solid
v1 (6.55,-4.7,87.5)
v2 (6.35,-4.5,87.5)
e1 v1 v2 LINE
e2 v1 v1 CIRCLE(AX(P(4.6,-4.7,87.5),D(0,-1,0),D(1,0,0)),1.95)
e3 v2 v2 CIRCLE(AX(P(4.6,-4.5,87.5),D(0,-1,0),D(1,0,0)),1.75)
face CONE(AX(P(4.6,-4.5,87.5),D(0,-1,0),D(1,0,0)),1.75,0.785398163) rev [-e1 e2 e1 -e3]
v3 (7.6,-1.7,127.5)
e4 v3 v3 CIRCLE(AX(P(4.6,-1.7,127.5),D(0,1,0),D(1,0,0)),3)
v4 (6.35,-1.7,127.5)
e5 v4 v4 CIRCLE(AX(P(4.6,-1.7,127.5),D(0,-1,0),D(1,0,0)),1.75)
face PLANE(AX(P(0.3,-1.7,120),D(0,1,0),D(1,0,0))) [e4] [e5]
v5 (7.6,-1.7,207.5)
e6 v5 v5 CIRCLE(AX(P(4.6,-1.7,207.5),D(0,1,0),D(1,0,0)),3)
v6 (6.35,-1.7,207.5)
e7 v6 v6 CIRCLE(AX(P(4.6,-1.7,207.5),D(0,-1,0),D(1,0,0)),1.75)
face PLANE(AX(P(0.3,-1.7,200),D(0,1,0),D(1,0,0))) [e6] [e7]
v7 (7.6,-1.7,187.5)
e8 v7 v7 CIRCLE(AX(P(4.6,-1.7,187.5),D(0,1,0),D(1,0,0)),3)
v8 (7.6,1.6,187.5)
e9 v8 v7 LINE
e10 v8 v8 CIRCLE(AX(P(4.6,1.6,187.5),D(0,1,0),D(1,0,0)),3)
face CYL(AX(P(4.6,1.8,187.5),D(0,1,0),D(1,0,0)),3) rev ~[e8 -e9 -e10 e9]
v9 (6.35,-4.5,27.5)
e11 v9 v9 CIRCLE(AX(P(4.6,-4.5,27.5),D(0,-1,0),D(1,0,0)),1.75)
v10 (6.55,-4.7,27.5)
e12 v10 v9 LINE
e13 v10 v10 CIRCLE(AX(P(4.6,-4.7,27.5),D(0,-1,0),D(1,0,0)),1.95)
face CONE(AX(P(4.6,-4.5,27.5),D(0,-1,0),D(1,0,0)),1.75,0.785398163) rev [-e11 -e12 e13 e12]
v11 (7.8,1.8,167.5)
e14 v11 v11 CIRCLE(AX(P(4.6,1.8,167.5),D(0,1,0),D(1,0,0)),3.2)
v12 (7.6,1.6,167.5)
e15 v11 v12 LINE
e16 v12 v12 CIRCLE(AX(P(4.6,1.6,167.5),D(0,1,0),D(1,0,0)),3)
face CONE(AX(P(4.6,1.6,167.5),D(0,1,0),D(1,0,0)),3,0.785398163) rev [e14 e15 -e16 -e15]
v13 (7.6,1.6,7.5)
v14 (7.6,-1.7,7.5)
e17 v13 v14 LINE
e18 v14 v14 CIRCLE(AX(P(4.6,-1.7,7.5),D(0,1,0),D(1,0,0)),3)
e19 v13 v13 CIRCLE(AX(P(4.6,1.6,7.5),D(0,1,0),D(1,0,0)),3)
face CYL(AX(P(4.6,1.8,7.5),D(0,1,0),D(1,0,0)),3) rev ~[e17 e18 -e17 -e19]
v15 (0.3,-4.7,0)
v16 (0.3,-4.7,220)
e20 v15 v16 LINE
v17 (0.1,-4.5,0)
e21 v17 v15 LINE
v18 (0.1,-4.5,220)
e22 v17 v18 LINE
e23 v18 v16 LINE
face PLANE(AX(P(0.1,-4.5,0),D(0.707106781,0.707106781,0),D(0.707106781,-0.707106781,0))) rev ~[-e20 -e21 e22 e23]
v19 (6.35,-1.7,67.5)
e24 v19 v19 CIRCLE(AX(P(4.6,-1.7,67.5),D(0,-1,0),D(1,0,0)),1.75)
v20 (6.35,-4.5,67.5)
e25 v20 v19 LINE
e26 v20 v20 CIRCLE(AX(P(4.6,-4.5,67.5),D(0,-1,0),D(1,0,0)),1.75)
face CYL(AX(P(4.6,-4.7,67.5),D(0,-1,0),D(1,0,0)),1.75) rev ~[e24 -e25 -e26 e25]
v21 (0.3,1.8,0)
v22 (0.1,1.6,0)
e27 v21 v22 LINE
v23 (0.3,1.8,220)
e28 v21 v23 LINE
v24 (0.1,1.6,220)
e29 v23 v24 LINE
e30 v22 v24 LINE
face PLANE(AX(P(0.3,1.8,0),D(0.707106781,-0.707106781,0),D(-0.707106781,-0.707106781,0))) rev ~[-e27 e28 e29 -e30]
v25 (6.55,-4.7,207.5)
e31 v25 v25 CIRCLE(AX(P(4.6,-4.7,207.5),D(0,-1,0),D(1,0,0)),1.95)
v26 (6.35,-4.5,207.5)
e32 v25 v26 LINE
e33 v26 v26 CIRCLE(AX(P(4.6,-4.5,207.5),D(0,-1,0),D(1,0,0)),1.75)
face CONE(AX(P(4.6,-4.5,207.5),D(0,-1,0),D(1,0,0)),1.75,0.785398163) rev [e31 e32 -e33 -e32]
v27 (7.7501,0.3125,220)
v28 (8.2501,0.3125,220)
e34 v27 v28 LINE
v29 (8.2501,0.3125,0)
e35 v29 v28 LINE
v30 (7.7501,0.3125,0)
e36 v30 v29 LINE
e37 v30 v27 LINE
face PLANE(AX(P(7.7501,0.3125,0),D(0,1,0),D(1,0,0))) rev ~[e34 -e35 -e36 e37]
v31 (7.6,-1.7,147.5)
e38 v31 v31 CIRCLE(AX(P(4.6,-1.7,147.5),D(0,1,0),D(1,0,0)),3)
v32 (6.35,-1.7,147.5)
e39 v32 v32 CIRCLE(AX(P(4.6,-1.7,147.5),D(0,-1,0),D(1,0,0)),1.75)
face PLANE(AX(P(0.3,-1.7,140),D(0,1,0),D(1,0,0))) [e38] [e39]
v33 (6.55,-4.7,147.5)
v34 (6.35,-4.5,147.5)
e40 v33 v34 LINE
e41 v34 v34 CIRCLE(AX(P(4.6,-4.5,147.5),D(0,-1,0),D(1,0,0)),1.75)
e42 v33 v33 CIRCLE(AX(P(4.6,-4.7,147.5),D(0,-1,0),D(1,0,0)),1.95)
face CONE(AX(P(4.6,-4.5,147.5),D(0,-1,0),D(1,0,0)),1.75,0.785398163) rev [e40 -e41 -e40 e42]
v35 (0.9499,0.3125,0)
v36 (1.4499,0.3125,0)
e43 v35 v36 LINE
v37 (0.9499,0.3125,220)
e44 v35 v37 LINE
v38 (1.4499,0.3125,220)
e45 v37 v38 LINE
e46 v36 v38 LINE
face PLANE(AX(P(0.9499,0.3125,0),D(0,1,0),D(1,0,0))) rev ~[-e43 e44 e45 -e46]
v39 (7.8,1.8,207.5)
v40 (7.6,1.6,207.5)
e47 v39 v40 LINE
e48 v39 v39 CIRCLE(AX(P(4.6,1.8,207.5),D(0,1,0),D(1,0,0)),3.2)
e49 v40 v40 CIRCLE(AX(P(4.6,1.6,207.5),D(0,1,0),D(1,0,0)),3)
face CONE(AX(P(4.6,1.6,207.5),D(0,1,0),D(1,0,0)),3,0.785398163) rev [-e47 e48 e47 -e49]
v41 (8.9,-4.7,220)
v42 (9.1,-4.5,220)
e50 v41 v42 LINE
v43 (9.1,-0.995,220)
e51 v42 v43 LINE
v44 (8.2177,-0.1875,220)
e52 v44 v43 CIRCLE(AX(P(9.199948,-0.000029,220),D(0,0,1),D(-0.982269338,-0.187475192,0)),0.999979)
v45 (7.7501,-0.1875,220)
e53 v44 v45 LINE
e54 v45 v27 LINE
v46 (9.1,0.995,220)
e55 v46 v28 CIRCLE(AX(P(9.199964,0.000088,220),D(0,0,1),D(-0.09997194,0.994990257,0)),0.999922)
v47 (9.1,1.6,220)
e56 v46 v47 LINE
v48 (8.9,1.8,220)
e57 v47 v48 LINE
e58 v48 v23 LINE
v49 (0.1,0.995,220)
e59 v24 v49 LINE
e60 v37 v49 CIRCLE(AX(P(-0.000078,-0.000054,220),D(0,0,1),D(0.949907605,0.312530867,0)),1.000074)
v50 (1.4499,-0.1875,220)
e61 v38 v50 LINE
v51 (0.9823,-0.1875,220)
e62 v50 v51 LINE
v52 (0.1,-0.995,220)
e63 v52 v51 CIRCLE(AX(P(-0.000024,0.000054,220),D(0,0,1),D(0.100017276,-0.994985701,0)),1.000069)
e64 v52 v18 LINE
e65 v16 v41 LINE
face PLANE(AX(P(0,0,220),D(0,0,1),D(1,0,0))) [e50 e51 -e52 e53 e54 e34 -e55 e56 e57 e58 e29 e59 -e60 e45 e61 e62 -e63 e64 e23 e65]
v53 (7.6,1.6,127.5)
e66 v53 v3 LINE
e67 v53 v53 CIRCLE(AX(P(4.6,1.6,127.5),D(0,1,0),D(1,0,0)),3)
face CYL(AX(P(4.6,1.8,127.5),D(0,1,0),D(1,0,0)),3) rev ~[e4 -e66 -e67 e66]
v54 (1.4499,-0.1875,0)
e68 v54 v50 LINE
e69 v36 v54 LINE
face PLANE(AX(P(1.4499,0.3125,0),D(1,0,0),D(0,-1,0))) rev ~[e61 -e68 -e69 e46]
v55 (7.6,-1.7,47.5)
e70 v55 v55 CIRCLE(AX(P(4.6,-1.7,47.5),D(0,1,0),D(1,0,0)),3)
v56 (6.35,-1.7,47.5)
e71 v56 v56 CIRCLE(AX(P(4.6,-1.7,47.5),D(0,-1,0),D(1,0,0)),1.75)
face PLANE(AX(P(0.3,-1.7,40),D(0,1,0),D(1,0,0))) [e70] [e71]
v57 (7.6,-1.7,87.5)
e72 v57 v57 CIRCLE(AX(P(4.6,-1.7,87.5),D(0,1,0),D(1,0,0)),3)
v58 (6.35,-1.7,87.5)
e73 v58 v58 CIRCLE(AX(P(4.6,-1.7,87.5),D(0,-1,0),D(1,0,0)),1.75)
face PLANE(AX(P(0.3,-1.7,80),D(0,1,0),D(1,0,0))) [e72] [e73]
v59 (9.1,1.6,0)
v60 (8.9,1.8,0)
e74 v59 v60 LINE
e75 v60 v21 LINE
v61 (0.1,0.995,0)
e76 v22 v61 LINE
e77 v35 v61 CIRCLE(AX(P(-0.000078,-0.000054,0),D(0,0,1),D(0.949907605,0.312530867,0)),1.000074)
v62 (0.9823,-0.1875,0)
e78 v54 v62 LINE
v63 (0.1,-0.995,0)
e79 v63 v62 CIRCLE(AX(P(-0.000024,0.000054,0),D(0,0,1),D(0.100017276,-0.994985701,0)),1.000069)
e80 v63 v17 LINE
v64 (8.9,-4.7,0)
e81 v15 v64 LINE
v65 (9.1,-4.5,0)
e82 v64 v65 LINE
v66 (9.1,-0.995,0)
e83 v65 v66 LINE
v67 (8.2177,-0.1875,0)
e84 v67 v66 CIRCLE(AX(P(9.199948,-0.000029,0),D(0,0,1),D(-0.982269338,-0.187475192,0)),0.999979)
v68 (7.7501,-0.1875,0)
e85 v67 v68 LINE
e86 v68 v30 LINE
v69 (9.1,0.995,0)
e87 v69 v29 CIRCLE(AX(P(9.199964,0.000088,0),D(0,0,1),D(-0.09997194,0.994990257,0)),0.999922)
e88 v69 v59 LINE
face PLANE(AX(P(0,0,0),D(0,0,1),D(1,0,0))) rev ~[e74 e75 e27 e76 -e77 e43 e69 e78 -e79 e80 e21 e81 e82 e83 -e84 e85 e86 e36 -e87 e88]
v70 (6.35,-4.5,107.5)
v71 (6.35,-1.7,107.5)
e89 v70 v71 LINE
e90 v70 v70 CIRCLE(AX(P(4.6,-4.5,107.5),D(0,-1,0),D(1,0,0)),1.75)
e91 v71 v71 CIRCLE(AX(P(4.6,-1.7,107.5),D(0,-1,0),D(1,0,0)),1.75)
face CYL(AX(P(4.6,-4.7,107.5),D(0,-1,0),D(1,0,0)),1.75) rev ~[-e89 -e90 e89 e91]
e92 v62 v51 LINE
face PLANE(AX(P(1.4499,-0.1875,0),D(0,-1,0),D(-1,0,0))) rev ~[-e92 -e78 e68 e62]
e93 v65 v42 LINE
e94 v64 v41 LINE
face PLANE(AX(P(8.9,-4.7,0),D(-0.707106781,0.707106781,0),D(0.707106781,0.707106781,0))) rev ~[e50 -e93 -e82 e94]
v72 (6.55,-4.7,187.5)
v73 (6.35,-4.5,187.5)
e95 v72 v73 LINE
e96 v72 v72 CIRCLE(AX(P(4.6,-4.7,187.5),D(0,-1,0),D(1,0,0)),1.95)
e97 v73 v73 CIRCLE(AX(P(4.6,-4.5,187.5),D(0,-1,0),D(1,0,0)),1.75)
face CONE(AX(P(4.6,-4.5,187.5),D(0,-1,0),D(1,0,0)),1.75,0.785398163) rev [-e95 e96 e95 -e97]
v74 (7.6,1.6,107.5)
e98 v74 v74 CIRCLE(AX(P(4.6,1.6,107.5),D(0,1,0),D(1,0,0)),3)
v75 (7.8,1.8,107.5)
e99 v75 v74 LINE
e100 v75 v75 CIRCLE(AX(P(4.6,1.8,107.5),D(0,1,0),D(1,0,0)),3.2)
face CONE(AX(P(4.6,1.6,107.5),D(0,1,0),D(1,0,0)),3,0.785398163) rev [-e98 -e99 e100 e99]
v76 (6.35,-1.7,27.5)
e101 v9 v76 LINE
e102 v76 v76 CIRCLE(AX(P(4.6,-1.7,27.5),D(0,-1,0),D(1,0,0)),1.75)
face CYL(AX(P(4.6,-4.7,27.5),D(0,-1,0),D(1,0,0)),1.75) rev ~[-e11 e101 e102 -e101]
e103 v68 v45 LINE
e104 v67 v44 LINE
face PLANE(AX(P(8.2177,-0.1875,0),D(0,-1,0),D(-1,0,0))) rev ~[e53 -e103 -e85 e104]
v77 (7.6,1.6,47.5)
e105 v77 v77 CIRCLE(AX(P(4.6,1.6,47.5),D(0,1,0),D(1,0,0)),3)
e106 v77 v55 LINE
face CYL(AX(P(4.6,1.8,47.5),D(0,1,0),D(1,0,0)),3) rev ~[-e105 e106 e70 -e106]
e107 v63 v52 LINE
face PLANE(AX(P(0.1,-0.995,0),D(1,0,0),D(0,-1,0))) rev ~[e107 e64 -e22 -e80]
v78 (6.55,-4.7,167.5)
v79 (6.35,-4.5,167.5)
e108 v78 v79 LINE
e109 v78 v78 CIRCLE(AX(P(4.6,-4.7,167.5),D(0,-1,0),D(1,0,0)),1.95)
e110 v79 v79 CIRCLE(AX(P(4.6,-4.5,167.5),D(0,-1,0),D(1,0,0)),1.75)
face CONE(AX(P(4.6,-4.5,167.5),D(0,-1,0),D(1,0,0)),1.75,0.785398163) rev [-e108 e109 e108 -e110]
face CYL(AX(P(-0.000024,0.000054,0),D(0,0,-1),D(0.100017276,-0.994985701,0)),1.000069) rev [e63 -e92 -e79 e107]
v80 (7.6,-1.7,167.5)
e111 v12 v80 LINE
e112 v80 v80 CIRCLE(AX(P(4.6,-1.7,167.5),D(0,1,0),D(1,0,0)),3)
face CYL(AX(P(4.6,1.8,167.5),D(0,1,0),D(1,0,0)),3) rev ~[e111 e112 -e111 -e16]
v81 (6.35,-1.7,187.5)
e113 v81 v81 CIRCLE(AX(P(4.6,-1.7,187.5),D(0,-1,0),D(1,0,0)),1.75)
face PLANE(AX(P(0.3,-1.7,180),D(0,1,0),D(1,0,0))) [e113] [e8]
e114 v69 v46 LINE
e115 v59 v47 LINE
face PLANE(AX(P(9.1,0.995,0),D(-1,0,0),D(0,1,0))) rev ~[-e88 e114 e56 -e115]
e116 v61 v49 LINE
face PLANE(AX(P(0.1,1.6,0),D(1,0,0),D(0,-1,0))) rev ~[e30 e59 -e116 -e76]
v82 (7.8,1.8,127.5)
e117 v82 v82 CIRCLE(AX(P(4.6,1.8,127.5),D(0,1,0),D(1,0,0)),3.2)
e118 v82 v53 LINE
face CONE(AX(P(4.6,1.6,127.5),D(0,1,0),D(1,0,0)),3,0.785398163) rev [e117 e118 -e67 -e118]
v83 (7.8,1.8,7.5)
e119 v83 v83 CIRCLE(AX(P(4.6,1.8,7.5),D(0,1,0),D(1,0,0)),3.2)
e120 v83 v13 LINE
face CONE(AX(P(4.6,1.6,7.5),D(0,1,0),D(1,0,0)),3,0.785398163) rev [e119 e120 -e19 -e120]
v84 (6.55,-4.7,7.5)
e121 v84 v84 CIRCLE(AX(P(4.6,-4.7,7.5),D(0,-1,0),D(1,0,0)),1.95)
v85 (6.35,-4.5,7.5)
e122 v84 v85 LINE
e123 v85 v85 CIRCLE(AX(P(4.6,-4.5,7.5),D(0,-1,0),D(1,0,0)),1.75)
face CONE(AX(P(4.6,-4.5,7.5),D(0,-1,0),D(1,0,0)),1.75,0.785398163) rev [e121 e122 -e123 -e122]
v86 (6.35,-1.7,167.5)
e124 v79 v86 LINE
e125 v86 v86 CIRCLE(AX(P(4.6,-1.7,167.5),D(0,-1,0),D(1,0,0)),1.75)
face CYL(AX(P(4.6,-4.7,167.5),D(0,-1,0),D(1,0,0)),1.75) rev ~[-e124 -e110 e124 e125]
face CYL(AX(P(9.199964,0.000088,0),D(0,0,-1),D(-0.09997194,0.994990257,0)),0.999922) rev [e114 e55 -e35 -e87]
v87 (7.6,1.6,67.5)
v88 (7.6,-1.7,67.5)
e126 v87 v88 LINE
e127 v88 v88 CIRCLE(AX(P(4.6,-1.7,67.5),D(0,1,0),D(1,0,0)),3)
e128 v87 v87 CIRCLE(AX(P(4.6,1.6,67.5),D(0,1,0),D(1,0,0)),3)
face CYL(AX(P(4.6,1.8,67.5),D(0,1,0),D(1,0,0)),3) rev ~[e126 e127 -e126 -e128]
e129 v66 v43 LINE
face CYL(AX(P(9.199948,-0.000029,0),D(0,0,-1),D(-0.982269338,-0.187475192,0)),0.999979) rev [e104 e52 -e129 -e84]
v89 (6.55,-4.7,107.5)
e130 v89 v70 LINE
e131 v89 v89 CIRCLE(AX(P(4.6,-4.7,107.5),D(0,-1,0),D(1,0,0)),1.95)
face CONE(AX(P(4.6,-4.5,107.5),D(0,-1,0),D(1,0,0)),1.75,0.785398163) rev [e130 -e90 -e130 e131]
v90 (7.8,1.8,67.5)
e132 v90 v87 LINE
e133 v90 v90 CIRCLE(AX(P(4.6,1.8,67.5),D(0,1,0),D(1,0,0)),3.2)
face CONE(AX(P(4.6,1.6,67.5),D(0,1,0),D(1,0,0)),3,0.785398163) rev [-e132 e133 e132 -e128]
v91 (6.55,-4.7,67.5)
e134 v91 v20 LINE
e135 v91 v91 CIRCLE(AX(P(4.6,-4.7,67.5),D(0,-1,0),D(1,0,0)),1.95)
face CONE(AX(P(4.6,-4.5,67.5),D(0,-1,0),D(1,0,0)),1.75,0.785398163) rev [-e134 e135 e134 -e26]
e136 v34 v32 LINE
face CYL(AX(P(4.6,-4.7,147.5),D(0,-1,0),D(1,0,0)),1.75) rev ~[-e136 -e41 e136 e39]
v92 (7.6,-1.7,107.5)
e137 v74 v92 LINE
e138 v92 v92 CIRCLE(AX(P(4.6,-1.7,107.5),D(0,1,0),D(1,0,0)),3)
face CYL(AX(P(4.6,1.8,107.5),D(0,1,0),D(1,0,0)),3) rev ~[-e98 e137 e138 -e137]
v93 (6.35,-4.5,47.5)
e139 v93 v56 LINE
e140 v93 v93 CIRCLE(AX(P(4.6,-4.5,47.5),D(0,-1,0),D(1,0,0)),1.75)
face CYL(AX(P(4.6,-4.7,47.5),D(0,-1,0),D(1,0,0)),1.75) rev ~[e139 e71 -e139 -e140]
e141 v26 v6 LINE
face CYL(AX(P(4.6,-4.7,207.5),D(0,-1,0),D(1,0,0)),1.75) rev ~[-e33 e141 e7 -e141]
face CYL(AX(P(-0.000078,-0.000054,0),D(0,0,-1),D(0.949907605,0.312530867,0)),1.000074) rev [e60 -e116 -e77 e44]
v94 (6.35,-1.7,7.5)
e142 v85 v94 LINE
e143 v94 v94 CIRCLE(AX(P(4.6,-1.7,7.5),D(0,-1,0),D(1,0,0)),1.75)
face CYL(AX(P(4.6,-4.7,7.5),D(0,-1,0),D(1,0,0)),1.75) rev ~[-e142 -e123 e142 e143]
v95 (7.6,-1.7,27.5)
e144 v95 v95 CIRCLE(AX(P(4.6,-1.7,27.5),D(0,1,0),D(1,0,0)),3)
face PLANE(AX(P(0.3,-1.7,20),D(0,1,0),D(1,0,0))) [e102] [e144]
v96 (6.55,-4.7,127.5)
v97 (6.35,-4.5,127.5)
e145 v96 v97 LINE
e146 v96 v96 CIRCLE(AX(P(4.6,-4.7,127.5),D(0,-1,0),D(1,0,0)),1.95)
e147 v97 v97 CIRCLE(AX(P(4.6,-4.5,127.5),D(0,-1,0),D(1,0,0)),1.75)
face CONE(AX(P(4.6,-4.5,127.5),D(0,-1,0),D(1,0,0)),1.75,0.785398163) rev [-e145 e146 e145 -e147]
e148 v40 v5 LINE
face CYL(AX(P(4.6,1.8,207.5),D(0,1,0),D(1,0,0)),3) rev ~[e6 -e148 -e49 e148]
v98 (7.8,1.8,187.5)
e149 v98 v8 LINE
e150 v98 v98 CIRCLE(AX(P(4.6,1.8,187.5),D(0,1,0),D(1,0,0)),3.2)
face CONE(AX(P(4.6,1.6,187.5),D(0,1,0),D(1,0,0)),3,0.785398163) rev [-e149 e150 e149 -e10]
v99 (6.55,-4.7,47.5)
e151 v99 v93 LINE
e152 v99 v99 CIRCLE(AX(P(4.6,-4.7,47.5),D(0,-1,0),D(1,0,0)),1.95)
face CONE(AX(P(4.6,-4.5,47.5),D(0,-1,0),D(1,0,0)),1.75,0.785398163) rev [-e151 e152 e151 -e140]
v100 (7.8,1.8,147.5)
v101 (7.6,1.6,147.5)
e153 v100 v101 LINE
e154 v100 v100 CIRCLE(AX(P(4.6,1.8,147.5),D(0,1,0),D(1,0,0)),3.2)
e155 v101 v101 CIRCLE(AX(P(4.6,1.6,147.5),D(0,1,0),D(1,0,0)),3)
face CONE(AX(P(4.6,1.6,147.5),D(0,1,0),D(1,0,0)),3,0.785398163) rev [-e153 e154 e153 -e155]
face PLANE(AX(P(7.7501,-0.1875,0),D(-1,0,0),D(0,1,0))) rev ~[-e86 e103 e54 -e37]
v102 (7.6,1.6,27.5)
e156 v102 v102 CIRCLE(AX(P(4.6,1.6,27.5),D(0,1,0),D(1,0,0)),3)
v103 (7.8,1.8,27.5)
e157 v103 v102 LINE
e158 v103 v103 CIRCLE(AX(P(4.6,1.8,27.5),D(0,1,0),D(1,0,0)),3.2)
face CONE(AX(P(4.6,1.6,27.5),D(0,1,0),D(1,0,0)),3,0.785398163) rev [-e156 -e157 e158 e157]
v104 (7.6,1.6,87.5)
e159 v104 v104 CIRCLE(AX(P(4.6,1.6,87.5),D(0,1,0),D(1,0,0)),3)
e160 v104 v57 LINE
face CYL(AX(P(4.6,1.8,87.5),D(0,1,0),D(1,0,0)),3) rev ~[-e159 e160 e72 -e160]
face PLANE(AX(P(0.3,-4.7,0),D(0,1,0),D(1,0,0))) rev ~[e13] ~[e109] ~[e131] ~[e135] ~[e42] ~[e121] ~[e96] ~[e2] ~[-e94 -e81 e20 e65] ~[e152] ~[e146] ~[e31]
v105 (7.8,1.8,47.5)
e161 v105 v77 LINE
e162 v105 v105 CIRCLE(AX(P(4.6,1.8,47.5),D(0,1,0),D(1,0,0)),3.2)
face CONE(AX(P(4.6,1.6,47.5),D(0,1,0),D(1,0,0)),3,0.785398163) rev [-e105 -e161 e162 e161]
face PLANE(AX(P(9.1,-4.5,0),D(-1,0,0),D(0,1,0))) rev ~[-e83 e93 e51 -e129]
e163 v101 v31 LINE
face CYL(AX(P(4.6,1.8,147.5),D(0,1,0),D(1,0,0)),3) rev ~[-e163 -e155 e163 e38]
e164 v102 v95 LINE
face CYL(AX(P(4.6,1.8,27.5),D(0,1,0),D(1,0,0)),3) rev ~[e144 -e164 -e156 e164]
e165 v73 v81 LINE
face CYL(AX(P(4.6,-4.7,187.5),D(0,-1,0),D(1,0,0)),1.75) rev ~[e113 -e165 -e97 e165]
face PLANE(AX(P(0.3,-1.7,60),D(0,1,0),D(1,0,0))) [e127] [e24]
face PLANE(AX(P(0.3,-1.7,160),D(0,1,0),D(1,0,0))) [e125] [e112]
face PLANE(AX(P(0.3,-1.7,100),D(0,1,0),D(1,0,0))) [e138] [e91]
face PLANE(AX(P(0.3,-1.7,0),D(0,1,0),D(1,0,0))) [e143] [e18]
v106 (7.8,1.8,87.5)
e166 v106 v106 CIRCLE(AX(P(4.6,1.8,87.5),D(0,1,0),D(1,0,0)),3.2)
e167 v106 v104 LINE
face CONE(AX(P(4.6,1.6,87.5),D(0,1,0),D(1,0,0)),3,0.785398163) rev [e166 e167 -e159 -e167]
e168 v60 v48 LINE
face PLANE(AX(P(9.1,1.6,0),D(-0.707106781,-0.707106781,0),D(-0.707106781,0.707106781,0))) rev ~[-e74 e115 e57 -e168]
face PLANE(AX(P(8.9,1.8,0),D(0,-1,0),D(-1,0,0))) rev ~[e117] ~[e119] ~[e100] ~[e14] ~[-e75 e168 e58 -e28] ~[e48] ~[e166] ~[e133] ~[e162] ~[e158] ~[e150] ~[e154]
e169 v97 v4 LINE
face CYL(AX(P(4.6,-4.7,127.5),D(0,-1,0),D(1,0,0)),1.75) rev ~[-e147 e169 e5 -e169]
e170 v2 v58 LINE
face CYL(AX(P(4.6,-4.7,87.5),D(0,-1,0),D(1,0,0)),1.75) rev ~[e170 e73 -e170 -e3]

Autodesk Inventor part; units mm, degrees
ref_plane "YZ Plane" through (0, 0, 0) normal (1, 0, 0) x (0, 1, 0)
ref_plane "XZ Plane" through (0, 0, 0) normal (0, 1, 0) x (-1, 0, 0)
ref_plane "XY Plane" through (0, 0, 0) normal (0, 0, 1) x (1, 0, 0)
sketch "Эскиз1" plane through (0, 0, 0) normal (0, 0, 1) x (1, 0, 0)
  arc A0 (0.9499, 0.3125) -> (0.1, 0.995) centre (0, 0) ccw projected
  line L0 (0.9499, 0.3125) -> (1.4499, 0.3125) projected
  line L1 (1.4499, 0.3125) -> (1.4499, -0.1875) projected
  line L2 (1.4499, -0.1875) -> (0.9823, -0.1875) projected
  arc A1 (0.1, -0.995) -> (0.9823, -0.1875) centre (0, 0) ccw projected
  line L3 (0.1, -0.995) -> (0.1, -4.5) projected
  line L4 (0.1, -4.5) -> (0.3, -4.7) projected
  line L5 (0.3, -4.7) -> (8.9, -4.7) projected
  line L6 (8.9, -4.7) -> (9.1, -4.5) projected
  line L7 (9.1, -4.5) -> (9.1, -0.995) projected
  arc A2 (8.2177, -0.1875) -> (9.1, -0.995) centre (9.2, 0) ccw projected
  line L8 (8.2177, -0.1875) -> (7.7501, -0.1875) projected
  line L9 (7.7501, -0.1875) -> (7.7501, 0.3125) projected
  line L10 (7.7501, 0.3125) -> (8.2501, 0.3125) projected
  arc A3 (9.1, 0.995) -> (8.2501, 0.3125) centre (9.2, 0) ccw projected
  line L11 (9.1, 0.995) -> (9.1, 1.6) projected
  line L12 (9.1, 1.6) -> (8.9, 1.8) projected
  line L13 (8.9, 1.8) -> (0.3, 1.8) projected
  line L14 (0.3, 1.8) -> (0.1, 1.6) projected
  line L15 (0.1, 1.6) -> (0.1, 0.995) projected
extrude "Выдавливание1" add sketch "Эскиз1" along normal blind 220
sketch "Эскиз2" plane through (0.3, 1.8, 0) normal (0, 1, 0) x (1, 0, 0)
  line L0 (4.3, 0) -> (4.3, -40) construction
  circle A0 centre (4.3, -7.5) radius 3
  line L1 (8.6, 0) -> (0, 0) projected
  dimension "d3" = 6
  dimension "d25" = 7.5
extrude "Выдавливание2" cut sketch "Эскиз2" against normal blind 3.5
sketch "Эскиз3" plane through (0.3, -4.7, 0) normal (0, -1, 0) x (1, 0, 0)
  line L0 (0, 0) -> (8.6, 0) construction
  line L1 (4.3, 0) -> (4.3, 8.2468) construction
  circle A0 centre (4.3, 7.5) radius 1.75
  point P0 (-0.3, 0)
  dimension "d26" = 3.5
  dimension "d27" = 7.5
extrude "Выдавливание3" cut sketch "Эскиз3" against normal blind 5
chamfer "Фаска1" distance 0.2 angle 45 2 edges at (2.85, -4.7, 7.5) (1.6, 1.8, 7.5)
pattern_linear "Прямоуг.массив1" count 11 spacing 20 along (0, 0, 1) of "Выдавливание3", "Выдавливание2", "Фаска1"
properties part number "рельса_центр"
